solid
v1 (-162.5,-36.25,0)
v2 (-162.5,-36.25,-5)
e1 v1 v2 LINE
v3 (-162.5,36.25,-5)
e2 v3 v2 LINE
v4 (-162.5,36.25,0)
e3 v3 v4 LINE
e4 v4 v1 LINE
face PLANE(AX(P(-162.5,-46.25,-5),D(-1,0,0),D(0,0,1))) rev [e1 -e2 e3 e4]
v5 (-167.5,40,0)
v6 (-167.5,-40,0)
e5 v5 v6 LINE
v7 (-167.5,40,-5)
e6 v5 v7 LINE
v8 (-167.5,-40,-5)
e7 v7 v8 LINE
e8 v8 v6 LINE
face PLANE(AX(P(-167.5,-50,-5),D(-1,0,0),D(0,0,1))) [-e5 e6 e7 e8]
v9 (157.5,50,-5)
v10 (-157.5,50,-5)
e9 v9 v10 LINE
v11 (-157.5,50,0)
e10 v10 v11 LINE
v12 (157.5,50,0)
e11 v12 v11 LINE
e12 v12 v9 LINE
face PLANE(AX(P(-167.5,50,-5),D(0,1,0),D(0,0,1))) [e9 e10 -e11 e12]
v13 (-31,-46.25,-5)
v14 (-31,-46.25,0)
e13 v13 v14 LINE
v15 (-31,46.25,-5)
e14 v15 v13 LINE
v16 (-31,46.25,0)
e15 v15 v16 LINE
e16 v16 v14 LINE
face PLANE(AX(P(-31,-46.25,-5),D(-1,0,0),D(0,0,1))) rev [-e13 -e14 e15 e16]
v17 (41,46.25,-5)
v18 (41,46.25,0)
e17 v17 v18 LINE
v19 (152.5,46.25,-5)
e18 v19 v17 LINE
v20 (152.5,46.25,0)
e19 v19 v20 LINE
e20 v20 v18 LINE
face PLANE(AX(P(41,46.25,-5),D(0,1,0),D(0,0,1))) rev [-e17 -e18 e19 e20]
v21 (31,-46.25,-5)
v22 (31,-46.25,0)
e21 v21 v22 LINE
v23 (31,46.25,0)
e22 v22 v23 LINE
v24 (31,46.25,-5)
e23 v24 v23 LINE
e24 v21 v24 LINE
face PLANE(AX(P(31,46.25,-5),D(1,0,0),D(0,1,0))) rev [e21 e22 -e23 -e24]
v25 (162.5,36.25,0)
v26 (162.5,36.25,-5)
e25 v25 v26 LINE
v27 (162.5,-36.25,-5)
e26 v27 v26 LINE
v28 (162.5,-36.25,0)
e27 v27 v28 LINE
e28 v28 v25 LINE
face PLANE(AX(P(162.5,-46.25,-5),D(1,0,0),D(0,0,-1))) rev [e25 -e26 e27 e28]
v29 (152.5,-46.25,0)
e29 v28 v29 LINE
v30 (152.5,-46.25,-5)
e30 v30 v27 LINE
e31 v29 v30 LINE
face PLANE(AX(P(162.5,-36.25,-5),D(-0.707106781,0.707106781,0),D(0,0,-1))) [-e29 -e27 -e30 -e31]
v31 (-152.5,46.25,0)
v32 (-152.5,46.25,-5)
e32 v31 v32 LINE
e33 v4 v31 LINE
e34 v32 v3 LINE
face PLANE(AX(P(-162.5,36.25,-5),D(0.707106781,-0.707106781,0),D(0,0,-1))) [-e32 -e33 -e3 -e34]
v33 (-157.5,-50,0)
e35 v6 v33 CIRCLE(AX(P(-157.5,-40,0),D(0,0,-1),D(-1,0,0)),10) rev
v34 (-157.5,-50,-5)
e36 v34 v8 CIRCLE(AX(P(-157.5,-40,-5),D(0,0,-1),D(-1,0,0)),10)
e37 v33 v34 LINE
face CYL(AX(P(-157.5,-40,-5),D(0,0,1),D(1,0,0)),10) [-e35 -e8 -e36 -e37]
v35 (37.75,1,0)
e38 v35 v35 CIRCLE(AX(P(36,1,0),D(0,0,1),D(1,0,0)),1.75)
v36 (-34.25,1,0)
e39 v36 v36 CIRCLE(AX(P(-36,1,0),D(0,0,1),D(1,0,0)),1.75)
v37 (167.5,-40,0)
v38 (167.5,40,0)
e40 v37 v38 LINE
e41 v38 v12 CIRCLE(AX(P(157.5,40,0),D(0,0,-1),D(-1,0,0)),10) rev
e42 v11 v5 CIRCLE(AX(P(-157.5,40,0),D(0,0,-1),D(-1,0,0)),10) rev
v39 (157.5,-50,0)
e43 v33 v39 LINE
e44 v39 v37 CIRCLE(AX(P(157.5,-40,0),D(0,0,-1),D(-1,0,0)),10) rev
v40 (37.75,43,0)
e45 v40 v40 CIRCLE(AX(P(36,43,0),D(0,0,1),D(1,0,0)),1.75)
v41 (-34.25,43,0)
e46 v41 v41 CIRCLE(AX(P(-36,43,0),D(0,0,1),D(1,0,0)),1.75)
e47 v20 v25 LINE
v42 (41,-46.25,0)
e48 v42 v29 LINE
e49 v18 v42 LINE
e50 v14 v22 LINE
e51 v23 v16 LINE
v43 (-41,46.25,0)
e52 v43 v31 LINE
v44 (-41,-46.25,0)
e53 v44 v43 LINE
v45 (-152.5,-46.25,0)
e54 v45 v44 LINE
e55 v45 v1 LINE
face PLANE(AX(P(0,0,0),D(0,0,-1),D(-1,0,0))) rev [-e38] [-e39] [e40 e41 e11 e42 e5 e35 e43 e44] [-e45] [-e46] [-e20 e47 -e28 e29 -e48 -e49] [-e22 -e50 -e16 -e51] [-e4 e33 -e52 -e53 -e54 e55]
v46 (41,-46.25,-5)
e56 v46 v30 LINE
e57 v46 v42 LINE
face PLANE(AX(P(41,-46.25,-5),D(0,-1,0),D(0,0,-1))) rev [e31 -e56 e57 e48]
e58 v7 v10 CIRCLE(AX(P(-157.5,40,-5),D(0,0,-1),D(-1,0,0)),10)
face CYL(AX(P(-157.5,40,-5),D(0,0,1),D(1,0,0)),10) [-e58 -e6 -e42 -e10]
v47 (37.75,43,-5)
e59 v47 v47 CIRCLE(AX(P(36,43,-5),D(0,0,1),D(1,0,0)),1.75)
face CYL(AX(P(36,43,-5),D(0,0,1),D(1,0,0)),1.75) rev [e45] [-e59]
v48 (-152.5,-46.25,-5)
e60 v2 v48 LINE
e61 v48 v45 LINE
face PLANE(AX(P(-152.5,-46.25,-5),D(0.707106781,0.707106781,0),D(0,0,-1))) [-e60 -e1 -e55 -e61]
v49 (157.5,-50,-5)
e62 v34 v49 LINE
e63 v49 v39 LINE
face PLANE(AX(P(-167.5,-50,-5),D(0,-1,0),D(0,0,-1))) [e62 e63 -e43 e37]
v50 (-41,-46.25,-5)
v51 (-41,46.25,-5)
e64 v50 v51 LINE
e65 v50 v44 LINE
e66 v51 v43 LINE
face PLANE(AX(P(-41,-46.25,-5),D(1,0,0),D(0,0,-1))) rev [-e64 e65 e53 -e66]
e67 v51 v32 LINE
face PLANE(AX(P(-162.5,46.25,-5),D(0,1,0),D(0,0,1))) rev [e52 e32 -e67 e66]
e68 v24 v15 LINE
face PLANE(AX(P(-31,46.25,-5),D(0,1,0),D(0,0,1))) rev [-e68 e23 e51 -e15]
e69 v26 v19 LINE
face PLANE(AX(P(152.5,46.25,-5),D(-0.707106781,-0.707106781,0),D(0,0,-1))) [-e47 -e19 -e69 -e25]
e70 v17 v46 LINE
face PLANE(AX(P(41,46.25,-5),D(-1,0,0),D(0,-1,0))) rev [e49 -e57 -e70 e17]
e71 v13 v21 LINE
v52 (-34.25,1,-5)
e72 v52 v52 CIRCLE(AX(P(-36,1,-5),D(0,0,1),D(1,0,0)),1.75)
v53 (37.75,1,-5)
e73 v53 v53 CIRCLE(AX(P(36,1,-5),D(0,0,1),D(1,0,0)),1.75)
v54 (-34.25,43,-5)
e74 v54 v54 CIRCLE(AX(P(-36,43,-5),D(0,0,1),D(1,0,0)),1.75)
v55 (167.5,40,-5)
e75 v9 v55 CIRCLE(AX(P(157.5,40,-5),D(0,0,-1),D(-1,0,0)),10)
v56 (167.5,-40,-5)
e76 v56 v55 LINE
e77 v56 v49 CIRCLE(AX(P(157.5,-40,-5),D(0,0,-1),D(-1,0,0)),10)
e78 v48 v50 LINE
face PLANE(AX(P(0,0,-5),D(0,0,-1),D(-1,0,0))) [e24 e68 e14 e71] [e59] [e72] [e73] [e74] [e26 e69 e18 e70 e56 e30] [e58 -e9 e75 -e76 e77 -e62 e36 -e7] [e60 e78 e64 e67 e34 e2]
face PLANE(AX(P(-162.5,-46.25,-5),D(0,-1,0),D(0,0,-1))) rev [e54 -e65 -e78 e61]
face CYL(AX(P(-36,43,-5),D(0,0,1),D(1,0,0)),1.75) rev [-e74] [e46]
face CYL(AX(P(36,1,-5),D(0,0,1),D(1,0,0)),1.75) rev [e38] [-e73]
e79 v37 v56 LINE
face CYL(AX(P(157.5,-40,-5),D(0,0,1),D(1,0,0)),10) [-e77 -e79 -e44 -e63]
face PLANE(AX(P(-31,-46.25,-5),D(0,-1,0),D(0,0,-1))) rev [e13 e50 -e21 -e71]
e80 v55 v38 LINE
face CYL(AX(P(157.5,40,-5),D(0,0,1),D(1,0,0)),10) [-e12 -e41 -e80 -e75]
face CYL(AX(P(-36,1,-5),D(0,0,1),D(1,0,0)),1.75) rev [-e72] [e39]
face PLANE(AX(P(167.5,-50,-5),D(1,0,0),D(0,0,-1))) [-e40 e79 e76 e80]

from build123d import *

# Parameters (mm, degrees)
SKETCH1_W           = 335
SKETCH1_H           = 100
SKETCH1_R           = 1.75
SKETCH1_W_2         = 62
SKETCH1_H_2         = 92.5
SKETCH1_W_3         = 121.5
BOSS_EXTRUDE1_DEPTH = 5
FILLET1_R           = 10
CHAMFER1_SIZE       = 10


with BuildPart() as part:
    # Sketch1 → Boss-Extrude1 (new body)
    with BuildSketch(Plane.XY):
        Rectangle(SKETCH1_W, SKETCH1_H)
        with Locations((-36, 43)):
            Circle(SKETCH1_R, mode=Mode.SUBTRACT)
        with Locations((36, 43)):
            Circle(SKETCH1_R, mode=Mode.SUBTRACT)
        with Locations((36, 1)):
            Circle(SKETCH1_R, mode=Mode.SUBTRACT)
        with Locations((-36, 1)):
            Circle(SKETCH1_R, mode=Mode.SUBTRACT)
        Rectangle(SKETCH1_W_2, SKETCH1_H_2, mode=Mode.SUBTRACT)
        with Locations((-101.75, 0)):
            Rectangle(SKETCH1_W_3, SKETCH1_H_2, mode=Mode.SUBTRACT)
        with Locations((101.75, 0)):
            Rectangle(SKETCH1_W_3, SKETCH1_H_2, mode=Mode.SUBTRACT)
    extrude(amount=-BOSS_EXTRUDE1_DEPTH)

    # Fillet1
    fillet1_edges = [part.edges().sort_by_distance(p)[0] for p in [
        (167.5, -50, -2.5),
        (-167.5, -50, -2.5),
        (-167.5, 50, -2.5),
        (167.5, 50, -2.5),
    ]]
    fillet(fillet1_edges, radius=FILLET1_R)

    # Chamfer1
    chamfer1_edges = [part.edges().sort_by_distance(p)[0] for p in [
        (162.5, 46.25, -2.5),
        (162.5, -46.25, -2.5),
        (-162.5, -46.25, -2.5),
        (-162.5, 46.25, -2.5),
    ]]
    chamfer(chamfer1_edges, length=CHAMFER1_SIZE)


solid = part.part
